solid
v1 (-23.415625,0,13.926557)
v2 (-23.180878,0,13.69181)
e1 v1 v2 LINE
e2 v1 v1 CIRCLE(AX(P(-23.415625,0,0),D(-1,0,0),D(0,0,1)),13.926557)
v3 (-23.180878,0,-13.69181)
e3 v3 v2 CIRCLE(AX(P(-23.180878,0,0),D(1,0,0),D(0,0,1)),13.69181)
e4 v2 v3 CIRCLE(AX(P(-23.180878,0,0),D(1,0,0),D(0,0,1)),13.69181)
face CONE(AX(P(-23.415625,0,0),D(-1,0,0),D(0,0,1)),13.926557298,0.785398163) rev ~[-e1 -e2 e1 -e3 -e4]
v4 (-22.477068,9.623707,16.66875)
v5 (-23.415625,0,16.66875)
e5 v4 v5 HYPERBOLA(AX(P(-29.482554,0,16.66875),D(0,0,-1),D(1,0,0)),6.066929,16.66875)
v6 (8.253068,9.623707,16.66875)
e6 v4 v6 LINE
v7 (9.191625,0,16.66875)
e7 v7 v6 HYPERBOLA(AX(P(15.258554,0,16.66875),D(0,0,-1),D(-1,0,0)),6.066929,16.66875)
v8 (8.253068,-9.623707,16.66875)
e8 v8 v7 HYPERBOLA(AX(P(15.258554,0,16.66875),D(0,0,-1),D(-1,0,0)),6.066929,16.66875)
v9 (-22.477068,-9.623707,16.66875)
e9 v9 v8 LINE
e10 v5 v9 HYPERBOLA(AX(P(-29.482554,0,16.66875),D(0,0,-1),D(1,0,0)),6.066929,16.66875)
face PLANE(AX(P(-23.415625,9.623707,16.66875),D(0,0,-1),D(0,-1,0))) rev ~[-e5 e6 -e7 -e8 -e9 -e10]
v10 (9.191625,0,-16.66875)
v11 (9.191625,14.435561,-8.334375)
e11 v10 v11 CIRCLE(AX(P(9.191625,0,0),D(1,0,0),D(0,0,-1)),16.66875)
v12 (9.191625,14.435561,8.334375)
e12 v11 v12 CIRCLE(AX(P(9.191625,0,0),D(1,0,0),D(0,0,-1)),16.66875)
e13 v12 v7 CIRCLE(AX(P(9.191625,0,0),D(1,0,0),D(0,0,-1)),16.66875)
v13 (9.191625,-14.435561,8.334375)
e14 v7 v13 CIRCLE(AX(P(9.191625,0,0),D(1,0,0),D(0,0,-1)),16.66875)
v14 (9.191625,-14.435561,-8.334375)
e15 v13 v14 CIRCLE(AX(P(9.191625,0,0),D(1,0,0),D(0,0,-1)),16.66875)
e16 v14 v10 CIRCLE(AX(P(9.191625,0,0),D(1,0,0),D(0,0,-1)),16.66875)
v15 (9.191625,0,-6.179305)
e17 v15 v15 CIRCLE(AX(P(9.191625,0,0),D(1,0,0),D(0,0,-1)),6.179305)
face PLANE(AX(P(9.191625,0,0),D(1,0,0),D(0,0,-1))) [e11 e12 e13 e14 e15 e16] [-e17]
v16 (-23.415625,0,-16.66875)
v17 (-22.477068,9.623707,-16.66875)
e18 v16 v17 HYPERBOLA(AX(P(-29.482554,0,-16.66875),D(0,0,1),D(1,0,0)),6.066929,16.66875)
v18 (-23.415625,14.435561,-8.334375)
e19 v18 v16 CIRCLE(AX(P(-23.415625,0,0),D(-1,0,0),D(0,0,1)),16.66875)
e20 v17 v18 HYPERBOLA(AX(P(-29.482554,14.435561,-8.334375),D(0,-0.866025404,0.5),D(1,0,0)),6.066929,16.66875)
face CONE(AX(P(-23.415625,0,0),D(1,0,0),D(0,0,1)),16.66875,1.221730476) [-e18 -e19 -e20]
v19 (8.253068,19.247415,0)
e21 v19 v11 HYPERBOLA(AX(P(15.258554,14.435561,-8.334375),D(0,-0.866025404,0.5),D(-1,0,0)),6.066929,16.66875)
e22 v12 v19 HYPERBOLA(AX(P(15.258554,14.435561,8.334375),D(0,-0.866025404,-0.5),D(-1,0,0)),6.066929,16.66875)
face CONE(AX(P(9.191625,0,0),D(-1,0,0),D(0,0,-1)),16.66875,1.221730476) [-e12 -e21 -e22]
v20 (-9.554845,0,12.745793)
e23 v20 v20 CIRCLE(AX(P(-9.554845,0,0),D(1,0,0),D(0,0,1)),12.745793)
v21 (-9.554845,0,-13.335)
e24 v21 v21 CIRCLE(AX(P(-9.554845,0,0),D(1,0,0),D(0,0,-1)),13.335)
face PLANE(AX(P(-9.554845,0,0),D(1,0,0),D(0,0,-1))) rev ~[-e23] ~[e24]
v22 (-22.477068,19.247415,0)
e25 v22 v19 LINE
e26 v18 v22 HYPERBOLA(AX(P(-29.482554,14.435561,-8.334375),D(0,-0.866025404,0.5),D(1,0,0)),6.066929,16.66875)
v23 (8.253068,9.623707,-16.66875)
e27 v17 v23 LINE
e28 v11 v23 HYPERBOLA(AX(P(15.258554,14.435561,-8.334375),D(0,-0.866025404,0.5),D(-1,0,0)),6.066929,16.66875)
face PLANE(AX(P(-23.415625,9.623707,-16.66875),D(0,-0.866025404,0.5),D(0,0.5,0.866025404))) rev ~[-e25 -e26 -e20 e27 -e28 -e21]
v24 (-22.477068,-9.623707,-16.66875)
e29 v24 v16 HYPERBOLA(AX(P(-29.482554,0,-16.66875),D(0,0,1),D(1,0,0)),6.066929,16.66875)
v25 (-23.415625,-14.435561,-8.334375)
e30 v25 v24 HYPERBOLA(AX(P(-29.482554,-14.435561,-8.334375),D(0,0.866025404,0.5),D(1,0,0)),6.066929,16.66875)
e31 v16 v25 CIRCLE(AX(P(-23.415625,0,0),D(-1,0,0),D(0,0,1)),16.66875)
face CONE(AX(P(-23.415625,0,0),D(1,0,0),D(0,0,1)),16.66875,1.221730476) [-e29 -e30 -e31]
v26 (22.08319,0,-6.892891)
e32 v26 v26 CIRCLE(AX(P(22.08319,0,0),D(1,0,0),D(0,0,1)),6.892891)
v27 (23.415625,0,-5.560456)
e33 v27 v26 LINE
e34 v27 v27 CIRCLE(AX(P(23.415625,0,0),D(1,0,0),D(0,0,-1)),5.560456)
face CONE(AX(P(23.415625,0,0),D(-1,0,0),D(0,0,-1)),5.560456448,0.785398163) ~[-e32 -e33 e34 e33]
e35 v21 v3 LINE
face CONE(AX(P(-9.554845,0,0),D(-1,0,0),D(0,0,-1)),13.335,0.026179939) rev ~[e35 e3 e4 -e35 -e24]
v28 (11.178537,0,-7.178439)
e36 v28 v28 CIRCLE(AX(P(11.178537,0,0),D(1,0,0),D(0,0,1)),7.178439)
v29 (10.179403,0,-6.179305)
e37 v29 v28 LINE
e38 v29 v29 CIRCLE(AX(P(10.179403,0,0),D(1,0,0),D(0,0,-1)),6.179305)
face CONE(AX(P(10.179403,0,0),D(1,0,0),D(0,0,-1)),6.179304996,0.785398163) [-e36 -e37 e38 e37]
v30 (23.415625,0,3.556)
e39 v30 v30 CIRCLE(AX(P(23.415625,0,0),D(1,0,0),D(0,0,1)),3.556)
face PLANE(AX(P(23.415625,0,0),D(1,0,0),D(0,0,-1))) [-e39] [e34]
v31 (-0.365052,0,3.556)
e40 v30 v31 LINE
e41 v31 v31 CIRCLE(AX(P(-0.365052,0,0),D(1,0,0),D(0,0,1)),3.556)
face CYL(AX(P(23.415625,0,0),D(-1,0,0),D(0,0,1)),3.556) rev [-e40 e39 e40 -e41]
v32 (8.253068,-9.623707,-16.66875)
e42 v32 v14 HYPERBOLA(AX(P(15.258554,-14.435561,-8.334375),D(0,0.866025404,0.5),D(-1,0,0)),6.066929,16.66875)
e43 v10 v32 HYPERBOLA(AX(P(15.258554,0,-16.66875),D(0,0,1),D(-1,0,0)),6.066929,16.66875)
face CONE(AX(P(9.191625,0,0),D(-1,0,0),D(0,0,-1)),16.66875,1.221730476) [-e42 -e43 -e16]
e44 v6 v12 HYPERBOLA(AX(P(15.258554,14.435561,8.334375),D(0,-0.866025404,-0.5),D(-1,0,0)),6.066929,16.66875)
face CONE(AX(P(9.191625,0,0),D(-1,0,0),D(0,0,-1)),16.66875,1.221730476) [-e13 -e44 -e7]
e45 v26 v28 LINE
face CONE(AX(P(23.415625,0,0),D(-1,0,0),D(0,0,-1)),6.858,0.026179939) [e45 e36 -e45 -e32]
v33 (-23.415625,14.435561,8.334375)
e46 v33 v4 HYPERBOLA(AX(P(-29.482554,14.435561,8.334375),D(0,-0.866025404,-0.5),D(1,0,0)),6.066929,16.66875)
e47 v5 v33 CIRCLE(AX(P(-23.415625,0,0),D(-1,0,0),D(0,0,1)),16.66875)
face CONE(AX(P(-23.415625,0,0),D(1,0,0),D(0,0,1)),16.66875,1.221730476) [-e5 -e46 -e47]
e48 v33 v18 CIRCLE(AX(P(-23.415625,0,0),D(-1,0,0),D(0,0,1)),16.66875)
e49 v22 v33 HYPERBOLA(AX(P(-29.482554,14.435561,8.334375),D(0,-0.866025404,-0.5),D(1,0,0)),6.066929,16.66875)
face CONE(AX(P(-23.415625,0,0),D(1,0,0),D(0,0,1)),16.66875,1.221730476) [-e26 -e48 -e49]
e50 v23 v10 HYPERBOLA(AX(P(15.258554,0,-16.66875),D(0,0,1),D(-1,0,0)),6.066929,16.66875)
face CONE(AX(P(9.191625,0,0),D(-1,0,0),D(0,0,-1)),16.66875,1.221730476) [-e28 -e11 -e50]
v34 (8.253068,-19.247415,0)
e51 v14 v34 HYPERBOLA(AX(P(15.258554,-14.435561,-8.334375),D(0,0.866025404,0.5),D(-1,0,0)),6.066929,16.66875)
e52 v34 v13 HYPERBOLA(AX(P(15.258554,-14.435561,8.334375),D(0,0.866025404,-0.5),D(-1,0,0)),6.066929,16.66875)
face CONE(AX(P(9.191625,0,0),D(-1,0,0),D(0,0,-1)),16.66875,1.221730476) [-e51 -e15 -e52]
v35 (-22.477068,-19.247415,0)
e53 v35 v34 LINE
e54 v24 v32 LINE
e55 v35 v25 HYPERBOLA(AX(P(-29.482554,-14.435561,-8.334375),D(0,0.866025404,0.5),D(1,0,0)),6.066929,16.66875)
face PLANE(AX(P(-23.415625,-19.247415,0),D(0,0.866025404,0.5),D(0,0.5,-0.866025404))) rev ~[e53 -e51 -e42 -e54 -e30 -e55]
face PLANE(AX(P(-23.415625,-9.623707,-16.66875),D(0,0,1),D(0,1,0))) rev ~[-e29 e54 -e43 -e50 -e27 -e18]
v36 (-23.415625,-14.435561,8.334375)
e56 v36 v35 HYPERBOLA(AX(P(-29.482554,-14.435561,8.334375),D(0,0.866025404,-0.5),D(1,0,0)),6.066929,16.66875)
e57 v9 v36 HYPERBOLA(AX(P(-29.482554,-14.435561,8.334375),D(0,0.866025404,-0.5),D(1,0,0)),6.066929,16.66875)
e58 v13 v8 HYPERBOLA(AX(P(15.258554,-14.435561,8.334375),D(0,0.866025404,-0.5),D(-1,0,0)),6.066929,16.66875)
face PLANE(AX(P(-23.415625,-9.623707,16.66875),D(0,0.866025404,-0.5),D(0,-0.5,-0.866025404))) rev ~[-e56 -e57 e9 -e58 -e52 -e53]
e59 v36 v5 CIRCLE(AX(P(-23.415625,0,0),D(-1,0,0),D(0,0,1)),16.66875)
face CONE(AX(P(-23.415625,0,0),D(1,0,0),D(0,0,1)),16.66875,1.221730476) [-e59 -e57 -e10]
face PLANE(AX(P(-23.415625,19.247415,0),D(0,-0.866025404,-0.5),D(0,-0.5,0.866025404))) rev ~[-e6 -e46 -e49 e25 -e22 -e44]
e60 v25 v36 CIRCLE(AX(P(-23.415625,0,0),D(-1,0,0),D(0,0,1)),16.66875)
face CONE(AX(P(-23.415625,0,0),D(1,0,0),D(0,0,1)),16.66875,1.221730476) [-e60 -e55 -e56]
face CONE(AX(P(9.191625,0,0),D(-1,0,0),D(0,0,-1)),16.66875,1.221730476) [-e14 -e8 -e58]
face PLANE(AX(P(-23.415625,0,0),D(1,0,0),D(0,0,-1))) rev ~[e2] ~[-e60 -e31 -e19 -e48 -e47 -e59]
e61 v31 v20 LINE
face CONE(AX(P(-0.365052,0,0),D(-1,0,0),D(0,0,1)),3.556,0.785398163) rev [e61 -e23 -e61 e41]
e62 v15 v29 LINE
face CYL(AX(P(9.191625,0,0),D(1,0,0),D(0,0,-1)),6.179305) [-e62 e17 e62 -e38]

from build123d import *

# Parameters (mm, degrees)
EXTRUDE1_DEPTH     = 32.60725
SKETCH3_OUTSIDE_W  = 280.258
SKETCH3_OUTSIDE_H  = 285.414
SKETCH3_OUTSIDE_R  = 16.66875
CUT_EXTRUDE1_DEPTH = 42.37079825
CUT_EXTRUDE1_DRAFT = -70
SKETCH4_OUTSIDE_W  = 280.258
SKETCH4_OUTSIDE_H  = 285.414
SKETCH4_OUTSIDE_R  = 16.66875
CUT_EXTRUDE2_DEPTH = 42.37079825
CUT_EXTRUDE2_DRAFT = -70
SKETCH5_R          = 6.858
EXTRUDE2_DEPTH     = 14.224
EXTRUDE2_DRAFT     = 1.5
SKETCH7_R          = 13.335
CUT_EXTRUDE4_DEPTH = 42.657677412
CUT_EXTRUDE4_DRAFT = 1.5
SKETCH12_W         = 6.35
SKETCH12_H         = 19.247414599
SKETCH15_R         = 13.926557298
CUT_EXTRUDE7_DEPTH = 5.08
CUT_EXTRUDE7_DRAFT = -45


with BuildPart() as part:
    # Sketch2 → Extrude1 (new body)
    with BuildSketch(Plane(origin=(-23.415625, 0, 0), x_dir=(0, 0, -1), z_dir=(1, 0, 0))):
        Polygon((0, 19.247414599), (-16.66875, 9.6237073), (-16.66875, -9.6237073), (0, -19.247414599), (16.66875, -9.6237073), (16.66875, 9.6237073), align=None)
    extrude(amount=EXTRUDE1_DEPTH)


with BuildPart() as cut_extrude1_tool:
    # Sketch3 outside → Cut-Extrude1 (with draft: the straight prism first)
    with BuildSketch(Plane(origin=(9.191625, 0, 0), x_dir=(0, 0, -1), z_dir=(1, 0, 0))):
        Rectangle(SKETCH3_OUTSIDE_W, SKETCH3_OUTSIDE_H)
        Circle(SKETCH3_OUTSIDE_R, mode=Mode.SUBTRACT)
    extrude(amount=-CUT_EXTRUDE1_DEPTH)
    # Cut-Extrude1: the draft: its side faces are tilted about the plane it starts from
    cut_extrude1_sides = [cut_extrude1_tool.faces().sort_by_distance(p)[0] for p in [
        (-11.993774125, -142.707, 0),
        (-11.993774125, 0, -140.129),
        (-11.993774125, 142.707, 0),
        (-11.993774125, 0, 140.129),
        (-11.993774125, 0, 16.66875),
    ]]
    draft(cut_extrude1_sides, Plane(origin=(9.191625, 0, 0), x_dir=(0, 0, -1), z_dir=(1, 0, 0)), CUT_EXTRUDE1_DRAFT)


with BuildPart() as part_1:
    add(part.part)

    # Cut-Extrude1: cut by cut_extrude1_tool
    add(cut_extrude1_tool.part, mode=Mode.SUBTRACT)


with BuildPart() as cut_extrude2_tool:
    # Sketch4 outside → Cut-Extrude2 (with draft: the straight prism first)
    with BuildSketch(Plane.ZY.offset(23.415625)):
        Rectangle(SKETCH4_OUTSIDE_W, SKETCH4_OUTSIDE_H)
        Circle(SKETCH4_OUTSIDE_R, mode=Mode.SUBTRACT)
    extrude(amount=-CUT_EXTRUDE2_DEPTH)
    # Cut-Extrude2: the draft: its side faces are tilted about the plane it starts from
    cut_extrude2_sides = [cut_extrude2_tool.faces().sort_by_distance(p)[0] for p in [
        (-2.230225875, -142.707, 0),
        (-2.230225875, 0, 140.129),
        (-2.230225875, 142.707, 0),
        (-2.230225875, 0, -140.129),
        (-2.230225875, 0, -16.66875),
    ]]
    draft(cut_extrude2_sides, Plane.ZY.offset(23.415625), CUT_EXTRUDE2_DRAFT)


with BuildPart() as part_2:
    add(part_1.part)

    # Cut-Extrude2: cut by cut_extrude2_tool
    add(cut_extrude2_tool.part, mode=Mode.SUBTRACT)


with BuildPart() as body_2:
    # Sketch5 → Extrude2 (with draft: the straight prism first)
    with BuildSketch(Plane(origin=(23.415625, 0, 0), x_dir=(0, 0, -1), z_dir=(1, 0, 0))):
        Circle(SKETCH5_R)
    extrude(amount=-EXTRUDE2_DEPTH)
    # Extrude2: the draft: its side faces are tilted about the plane it starts from
    extrude2_sides = [body_2.faces().sort_by_distance(p)[0] for p in [
        (16.303625, 0, 6.858),
    ]]
    draft(extrude2_sides, Plane(origin=(23.415625, 0, 0), x_dir=(0, 0, -1), z_dir=(1, 0, 0)), EXTRUDE2_DRAFT)

    # Sketch17 → Cut-Revolve2 (revolve, cut)
    with BuildSketch(Plane.XY, mode=Mode.PRIVATE) as cut_revolve2_sk:
        Polygon((23.415625, 7.100390815), (23.415625, 5.560456448), (21.875690632, 7.100390815), align=None)
        Polygon((9.191625, 6.179304996), (10.179402778, 6.179304996), (11.481488597, 7.481390815), (9.191625, 7.481390815), align=None)
    revolve(cut_revolve2_sk.sketch.rotate(Axis((-23.415625, 0, 0), (1, 0, 0)), 270), axis=Axis((-23.415625, 0, 0), (1, 0, 0)), mode=Mode.SUBTRACT)


with BuildPart() as cut_extrude4_tool:
    # Sketch7 → Cut-Extrude4 (with draft: the straight prism first)
    with BuildSketch(Plane(origin=(-9.554845, 0, 0), x_dir=(0, 0, -1), z_dir=(1, 0, 0))):
        Circle(SKETCH7_R)
    extrude(amount=-CUT_EXTRUDE4_DEPTH)
    # Cut-Extrude4: the draft: its side faces are tilted about the plane it starts from
    cut_extrude4_sides = [cut_extrude4_tool.faces().sort_by_distance(p)[0] for p in [
        (-30.883683706, 0, 13.335),
    ]]
    draft(cut_extrude4_sides, Plane(origin=(-9.554845, 0, 0), x_dir=(0, 0, -1), z_dir=(1, 0, 0)), CUT_EXTRUDE4_DRAFT)


with BuildPart() as part_3:
    add(part_2.part)

    # Cut-Extrude4: cut by cut_extrude4_tool
    add(cut_extrude4_tool.part, mode=Mode.SUBTRACT)


with BuildPart() as body_2_1:
    add(body_2.part)

    # Combine1: union part
    add(part_3.part)

    # Sketch12 → Cut-Revolve1 (revolve, cut)
    with BuildSketch(Plane.XY, mode=Mode.PRIVATE) as cut_revolve1_sk:
        Polygon((-9.554845, 12.745793431), (-9.554845, 0), (23.415625, 0), (23.415625, 3.556), (-0.365051569, 3.556), align=None)
        with Locations((-26.590625, 9.6237073)):
            Rectangle(SKETCH12_W, SKETCH12_H)
    revolve(cut_revolve1_sk.sketch.rotate(Axis((-23.415625, 0, 0), (1, 0, 0)), 90), axis=Axis((-23.415625, 0, 0), (1, 0, 0)), mode=Mode.SUBTRACT)


with BuildPart() as cut_extrude7_tool:
    # Sketch15 → Cut-Extrude7 (with draft: the straight prism first)
    with BuildSketch(Plane.ZY.offset(23.415625)):
        Circle(SKETCH15_R)
    extrude(amount=-CUT_EXTRUDE7_DEPTH)
    # Cut-Extrude7: the draft: its side faces are tilted about the plane it starts from
    cut_extrude7_sides = [cut_extrude7_tool.faces().sort_by_distance(p)[0] for p in [
        (-20.875625, 0, -13.926557298),
    ]]
    draft(cut_extrude7_sides, Plane.ZY.offset(23.415625), CUT_EXTRUDE7_DRAFT)


with BuildPart() as body_2_2:
    add(body_2_1.part)

    # Cut-Extrude7: cut by cut_extrude7_tool
    add(cut_extrude7_tool.part, mode=Mode.SUBTRACT)


solid = body_2_2.part
